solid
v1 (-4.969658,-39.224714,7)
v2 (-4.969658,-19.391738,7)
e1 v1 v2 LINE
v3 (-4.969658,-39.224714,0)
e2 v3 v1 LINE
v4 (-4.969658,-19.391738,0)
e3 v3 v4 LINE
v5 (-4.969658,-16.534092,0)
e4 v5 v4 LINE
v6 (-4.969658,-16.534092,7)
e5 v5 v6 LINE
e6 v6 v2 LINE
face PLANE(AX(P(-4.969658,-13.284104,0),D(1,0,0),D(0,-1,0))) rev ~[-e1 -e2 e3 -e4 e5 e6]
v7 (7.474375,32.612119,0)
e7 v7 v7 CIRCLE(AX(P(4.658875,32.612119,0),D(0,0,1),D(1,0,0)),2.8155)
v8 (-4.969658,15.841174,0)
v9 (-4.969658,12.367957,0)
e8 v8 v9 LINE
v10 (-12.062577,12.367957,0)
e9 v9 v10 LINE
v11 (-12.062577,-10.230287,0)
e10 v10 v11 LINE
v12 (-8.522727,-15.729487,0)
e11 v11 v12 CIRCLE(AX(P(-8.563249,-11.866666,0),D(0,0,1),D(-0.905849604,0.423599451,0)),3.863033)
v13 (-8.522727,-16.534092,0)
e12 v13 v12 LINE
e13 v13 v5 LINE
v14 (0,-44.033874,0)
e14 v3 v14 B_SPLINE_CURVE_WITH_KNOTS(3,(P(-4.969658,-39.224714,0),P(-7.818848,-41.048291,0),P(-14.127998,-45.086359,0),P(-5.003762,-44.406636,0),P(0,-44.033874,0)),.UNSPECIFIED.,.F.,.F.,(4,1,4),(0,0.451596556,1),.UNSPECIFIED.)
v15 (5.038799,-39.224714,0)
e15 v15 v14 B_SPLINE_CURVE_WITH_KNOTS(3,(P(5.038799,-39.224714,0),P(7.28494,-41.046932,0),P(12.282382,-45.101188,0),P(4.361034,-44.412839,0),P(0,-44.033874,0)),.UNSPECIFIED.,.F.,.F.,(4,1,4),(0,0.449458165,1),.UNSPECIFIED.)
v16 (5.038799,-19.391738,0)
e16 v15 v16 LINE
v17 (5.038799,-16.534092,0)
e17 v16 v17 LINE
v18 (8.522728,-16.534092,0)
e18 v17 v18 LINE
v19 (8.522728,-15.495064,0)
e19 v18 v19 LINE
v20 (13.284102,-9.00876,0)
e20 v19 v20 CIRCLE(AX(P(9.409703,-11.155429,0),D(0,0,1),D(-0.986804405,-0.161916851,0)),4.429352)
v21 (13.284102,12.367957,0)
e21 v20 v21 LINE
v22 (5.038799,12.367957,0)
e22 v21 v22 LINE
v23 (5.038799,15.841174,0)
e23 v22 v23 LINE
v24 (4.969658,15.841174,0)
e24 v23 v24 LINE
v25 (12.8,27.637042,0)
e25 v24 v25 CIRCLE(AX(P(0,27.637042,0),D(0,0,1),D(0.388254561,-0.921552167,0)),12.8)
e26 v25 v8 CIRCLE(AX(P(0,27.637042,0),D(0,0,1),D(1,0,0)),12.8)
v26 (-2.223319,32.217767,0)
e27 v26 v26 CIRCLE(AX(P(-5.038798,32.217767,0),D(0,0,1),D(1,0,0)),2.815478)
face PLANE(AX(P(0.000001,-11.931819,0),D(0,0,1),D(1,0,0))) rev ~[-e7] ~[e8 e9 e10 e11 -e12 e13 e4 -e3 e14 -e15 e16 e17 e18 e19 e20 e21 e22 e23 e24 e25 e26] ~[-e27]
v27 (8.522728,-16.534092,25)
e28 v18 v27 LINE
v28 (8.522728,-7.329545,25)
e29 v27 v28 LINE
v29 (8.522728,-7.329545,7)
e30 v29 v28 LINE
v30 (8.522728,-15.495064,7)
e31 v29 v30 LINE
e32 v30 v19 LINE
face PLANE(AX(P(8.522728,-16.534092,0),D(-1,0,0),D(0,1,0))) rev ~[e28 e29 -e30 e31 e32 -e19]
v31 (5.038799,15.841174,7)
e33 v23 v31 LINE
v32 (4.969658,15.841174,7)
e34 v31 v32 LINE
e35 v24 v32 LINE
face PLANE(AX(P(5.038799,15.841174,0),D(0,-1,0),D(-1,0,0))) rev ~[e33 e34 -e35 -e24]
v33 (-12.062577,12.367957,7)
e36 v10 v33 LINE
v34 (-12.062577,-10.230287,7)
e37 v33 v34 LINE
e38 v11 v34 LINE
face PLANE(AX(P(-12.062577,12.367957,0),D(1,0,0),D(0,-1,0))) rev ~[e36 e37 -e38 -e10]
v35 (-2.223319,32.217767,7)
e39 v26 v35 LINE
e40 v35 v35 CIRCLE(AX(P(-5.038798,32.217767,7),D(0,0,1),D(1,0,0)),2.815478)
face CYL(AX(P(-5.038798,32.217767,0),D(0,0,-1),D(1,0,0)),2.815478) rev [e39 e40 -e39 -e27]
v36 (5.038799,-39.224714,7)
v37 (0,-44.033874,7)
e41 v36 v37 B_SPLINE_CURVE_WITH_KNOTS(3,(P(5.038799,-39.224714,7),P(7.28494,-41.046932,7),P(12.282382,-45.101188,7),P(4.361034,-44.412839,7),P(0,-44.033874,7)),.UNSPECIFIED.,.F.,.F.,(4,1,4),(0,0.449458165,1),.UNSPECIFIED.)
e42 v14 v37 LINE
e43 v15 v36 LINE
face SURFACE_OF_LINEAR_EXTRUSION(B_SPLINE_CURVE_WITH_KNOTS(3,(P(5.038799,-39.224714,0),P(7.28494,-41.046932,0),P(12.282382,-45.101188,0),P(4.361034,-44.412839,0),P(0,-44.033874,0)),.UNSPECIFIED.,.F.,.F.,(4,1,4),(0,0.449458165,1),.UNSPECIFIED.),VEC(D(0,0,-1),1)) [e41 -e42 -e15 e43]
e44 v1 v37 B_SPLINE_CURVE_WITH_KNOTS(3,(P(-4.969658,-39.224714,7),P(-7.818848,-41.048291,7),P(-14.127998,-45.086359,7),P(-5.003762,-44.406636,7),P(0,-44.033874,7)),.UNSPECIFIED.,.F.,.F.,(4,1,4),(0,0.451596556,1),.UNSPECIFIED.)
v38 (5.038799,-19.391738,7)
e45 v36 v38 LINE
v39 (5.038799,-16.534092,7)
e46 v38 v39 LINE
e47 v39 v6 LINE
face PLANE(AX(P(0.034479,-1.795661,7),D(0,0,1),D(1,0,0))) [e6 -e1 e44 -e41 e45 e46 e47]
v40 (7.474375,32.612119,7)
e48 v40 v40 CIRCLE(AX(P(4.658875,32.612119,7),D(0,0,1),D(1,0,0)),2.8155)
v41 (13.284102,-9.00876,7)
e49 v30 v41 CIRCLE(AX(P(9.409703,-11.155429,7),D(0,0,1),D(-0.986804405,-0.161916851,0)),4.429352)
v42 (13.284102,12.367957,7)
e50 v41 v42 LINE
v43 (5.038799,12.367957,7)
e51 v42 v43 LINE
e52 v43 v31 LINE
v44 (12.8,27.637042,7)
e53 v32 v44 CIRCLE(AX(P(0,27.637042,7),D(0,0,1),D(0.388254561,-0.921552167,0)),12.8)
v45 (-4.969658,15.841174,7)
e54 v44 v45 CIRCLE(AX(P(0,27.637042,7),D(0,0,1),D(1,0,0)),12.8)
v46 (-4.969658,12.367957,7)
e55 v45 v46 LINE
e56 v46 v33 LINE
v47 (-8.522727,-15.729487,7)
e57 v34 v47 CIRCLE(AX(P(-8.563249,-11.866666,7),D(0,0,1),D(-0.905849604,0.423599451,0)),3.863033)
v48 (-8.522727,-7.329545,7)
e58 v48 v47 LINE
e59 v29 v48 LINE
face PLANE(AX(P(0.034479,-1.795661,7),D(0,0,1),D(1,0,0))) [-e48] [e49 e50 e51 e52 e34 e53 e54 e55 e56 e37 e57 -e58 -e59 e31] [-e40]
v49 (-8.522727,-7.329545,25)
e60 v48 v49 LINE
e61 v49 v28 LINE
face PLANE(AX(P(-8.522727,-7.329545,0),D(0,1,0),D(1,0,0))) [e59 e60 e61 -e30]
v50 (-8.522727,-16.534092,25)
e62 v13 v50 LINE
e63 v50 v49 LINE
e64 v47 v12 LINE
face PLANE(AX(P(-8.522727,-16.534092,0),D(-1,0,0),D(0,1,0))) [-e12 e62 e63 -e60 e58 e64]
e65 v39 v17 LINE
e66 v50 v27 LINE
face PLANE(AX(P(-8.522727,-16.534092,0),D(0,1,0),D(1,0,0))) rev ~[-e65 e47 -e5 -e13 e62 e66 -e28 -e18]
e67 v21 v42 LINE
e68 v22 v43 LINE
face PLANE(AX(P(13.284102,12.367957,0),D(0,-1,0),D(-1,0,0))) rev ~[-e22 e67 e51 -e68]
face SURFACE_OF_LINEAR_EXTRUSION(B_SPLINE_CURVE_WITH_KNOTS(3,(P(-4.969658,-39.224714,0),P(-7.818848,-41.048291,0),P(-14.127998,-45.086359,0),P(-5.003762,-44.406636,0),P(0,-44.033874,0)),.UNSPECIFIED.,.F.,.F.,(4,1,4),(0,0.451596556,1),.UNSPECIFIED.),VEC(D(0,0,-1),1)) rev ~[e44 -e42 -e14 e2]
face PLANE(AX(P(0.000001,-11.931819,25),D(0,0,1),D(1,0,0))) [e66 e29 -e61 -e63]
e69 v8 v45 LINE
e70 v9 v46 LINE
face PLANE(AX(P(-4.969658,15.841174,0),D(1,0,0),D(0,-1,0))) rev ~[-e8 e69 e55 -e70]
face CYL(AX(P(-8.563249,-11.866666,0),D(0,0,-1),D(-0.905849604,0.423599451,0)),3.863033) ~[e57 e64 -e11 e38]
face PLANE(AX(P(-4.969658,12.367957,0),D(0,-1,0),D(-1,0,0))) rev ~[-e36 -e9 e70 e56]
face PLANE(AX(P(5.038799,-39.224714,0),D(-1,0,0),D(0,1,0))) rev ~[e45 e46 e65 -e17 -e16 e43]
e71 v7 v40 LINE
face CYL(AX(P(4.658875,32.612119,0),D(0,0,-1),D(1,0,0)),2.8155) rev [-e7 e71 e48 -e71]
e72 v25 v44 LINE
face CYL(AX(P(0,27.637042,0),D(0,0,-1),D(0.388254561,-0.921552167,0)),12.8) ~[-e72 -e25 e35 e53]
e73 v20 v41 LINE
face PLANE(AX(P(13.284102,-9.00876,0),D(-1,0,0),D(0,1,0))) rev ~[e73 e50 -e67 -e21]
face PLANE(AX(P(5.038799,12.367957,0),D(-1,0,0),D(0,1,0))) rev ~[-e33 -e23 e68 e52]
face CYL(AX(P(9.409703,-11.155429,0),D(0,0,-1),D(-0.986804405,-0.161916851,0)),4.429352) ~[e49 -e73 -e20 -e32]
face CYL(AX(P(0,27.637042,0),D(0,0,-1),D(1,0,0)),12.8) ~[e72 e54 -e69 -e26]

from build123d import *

# Parameters (mm, degrees)
F0_W     = 5.0387987867
F0_H     = 19.8329761624
F0_R     = 2.8154783611
F0_R_2   = 2.8155
F0_W_2   = 4.9696583821
F1_DEPTH = 7
F2_W     = 17.0454550534
F2_H     = 9.2045464553
F3_DEPTH = 25


with BuildPart() as f1:
    # F0 (on Top) → F1 (new body)
    with BuildSketch(Plane.XY):
        with BuildLine():
            ThreePointArc((4.9696583821, 15.8411743726), (0, 14.8370421052), (-4.9696583821, 15.8411743726))
            Line((-4.9696583821, 15.8411743726), (-4.9696583821, 12.3679572716))
            Line((-4.9696583821, 12.3679572716), (-4.9696583821, -13.2841039449))
            Line((-4.9696583821, -13.2841039449), (-4.9696583821, -19.3917378783))
            Line((-4.9696583821, -19.3917378783), (0, -19.3917378783))
            Line((0, -19.3917378783), (5.0387987867, -19.3917378783))
            Line((5.0387987867, -19.3917378783), (5.0387987867, -11.8726156652))
            Line((5.0387987867, -11.8726156652), (5.0387987867, 12.3679572716))
            Line((5.0387987867, 12.3679572716), (5.0387987867, 15.8411743726))
            Line((5.0387987867, 15.8411743726), (4.9696583821, 15.8411743726))
        make_face()
        with BuildLine():
            Line((13.2841020823, 12.3679572716), (5.0387987867, 12.3679572716))
            Line((5.0387987867, 12.3679572716), (5.0387987867, -11.8726156652))
            ThreePointArc((5.0387987867, -11.8726156652), (10.8629911852, -15.3395790039), (13.2841020823, -9.0087596327))
            Line((13.2841020823, -9.0087596327), (13.2841020823, 12.3679572716))
        make_face()
        with BuildLine():
            Line((-4.9696583821, -13.2841039449), (-4.9696583821, 12.3679572716))
            Line((-4.9696583821, 12.3679572716), (-12.0625765994, 12.3679572716))
            Line((-12.0625765994, 12.3679572716), (-12.0625765994, -10.2302869782))
            ThreePointArc((-12.0625765994, -10.2302869782), (-10.0908850734, -15.4148140408), (-4.9696583821, -13.2841039449))
        make_face()
        with BuildLine():
            Line((5.0387987867, -39.2247140408), (0, -39.2247140408))
            Line((0, -39.2247140408), (0, -44.0338738263))
            add(Edge.make_bspline(
                [(5.0387987867, -39.2247140408), (7.2849400651, -41.0469321938), (12.2823824367, -45.1011875053), (4.3610338087, -44.4128386617), (0, -44.0338738263)],
                knots=[0, 0, 0, 0, 0.4494581651, 1, 1, 1, 1], degree=3))
        make_face()
        with Locations((2.5193993933, -29.3082259595)):
            Rectangle(F0_W, F0_H)
        with BuildLine():
            ThreePointArc((4.9696583821, 15.8411743726), (10.6642305698, 20.5579047033), (12.8, 27.6370421052))
            ThreePointArc((12.8, 27.6370421052), (-7.0791374019, 38.301272675), (-4.9696583821, 15.8411743726))
            ThreePointArc((-4.9696583821, 15.8411743726), (0, 14.8370421052), (4.9696583821, 15.8411743726))
        make_face()
        with Locations((-5.0387978554, 32.2177670896)):
            Circle(F0_R, mode=Mode.SUBTRACT)
        with Locations((4.6588750556, 32.61211887)):
            Circle(F0_R_2, mode=Mode.SUBTRACT)
        with BuildLine():
            Line((0, -39.2247140408), (-4.9696583821, -39.2247140408))
            add(Edge.make_bspline(
                [(-4.9696583821, -39.2247140408), (-7.8188484205, -41.0482913635), (-14.1279975934, -45.086358745), (-5.0037621436, -44.4066360778), (0, -44.0338738263)],
                knots=[0, 0, 0, 0, 0.4515965561, 1, 1, 1, 1], degree=3))
            Line((0, -44.0338738263), (0, -39.2247140408))
        make_face()
        with Locations((-2.484829191, -29.3082259595)):
            Rectangle(F0_W_2, F0_H)
    extrude(amount=F1_DEPTH)

    # F2 (on Top) → F3 (join)
    with BuildSketch(Plane.XY):
        with Locations((9.313e-07, -11.9318186771)):
            Rectangle(F2_W, F2_H)
    extrude(amount=F3_DEPTH)


solid = f1.part
